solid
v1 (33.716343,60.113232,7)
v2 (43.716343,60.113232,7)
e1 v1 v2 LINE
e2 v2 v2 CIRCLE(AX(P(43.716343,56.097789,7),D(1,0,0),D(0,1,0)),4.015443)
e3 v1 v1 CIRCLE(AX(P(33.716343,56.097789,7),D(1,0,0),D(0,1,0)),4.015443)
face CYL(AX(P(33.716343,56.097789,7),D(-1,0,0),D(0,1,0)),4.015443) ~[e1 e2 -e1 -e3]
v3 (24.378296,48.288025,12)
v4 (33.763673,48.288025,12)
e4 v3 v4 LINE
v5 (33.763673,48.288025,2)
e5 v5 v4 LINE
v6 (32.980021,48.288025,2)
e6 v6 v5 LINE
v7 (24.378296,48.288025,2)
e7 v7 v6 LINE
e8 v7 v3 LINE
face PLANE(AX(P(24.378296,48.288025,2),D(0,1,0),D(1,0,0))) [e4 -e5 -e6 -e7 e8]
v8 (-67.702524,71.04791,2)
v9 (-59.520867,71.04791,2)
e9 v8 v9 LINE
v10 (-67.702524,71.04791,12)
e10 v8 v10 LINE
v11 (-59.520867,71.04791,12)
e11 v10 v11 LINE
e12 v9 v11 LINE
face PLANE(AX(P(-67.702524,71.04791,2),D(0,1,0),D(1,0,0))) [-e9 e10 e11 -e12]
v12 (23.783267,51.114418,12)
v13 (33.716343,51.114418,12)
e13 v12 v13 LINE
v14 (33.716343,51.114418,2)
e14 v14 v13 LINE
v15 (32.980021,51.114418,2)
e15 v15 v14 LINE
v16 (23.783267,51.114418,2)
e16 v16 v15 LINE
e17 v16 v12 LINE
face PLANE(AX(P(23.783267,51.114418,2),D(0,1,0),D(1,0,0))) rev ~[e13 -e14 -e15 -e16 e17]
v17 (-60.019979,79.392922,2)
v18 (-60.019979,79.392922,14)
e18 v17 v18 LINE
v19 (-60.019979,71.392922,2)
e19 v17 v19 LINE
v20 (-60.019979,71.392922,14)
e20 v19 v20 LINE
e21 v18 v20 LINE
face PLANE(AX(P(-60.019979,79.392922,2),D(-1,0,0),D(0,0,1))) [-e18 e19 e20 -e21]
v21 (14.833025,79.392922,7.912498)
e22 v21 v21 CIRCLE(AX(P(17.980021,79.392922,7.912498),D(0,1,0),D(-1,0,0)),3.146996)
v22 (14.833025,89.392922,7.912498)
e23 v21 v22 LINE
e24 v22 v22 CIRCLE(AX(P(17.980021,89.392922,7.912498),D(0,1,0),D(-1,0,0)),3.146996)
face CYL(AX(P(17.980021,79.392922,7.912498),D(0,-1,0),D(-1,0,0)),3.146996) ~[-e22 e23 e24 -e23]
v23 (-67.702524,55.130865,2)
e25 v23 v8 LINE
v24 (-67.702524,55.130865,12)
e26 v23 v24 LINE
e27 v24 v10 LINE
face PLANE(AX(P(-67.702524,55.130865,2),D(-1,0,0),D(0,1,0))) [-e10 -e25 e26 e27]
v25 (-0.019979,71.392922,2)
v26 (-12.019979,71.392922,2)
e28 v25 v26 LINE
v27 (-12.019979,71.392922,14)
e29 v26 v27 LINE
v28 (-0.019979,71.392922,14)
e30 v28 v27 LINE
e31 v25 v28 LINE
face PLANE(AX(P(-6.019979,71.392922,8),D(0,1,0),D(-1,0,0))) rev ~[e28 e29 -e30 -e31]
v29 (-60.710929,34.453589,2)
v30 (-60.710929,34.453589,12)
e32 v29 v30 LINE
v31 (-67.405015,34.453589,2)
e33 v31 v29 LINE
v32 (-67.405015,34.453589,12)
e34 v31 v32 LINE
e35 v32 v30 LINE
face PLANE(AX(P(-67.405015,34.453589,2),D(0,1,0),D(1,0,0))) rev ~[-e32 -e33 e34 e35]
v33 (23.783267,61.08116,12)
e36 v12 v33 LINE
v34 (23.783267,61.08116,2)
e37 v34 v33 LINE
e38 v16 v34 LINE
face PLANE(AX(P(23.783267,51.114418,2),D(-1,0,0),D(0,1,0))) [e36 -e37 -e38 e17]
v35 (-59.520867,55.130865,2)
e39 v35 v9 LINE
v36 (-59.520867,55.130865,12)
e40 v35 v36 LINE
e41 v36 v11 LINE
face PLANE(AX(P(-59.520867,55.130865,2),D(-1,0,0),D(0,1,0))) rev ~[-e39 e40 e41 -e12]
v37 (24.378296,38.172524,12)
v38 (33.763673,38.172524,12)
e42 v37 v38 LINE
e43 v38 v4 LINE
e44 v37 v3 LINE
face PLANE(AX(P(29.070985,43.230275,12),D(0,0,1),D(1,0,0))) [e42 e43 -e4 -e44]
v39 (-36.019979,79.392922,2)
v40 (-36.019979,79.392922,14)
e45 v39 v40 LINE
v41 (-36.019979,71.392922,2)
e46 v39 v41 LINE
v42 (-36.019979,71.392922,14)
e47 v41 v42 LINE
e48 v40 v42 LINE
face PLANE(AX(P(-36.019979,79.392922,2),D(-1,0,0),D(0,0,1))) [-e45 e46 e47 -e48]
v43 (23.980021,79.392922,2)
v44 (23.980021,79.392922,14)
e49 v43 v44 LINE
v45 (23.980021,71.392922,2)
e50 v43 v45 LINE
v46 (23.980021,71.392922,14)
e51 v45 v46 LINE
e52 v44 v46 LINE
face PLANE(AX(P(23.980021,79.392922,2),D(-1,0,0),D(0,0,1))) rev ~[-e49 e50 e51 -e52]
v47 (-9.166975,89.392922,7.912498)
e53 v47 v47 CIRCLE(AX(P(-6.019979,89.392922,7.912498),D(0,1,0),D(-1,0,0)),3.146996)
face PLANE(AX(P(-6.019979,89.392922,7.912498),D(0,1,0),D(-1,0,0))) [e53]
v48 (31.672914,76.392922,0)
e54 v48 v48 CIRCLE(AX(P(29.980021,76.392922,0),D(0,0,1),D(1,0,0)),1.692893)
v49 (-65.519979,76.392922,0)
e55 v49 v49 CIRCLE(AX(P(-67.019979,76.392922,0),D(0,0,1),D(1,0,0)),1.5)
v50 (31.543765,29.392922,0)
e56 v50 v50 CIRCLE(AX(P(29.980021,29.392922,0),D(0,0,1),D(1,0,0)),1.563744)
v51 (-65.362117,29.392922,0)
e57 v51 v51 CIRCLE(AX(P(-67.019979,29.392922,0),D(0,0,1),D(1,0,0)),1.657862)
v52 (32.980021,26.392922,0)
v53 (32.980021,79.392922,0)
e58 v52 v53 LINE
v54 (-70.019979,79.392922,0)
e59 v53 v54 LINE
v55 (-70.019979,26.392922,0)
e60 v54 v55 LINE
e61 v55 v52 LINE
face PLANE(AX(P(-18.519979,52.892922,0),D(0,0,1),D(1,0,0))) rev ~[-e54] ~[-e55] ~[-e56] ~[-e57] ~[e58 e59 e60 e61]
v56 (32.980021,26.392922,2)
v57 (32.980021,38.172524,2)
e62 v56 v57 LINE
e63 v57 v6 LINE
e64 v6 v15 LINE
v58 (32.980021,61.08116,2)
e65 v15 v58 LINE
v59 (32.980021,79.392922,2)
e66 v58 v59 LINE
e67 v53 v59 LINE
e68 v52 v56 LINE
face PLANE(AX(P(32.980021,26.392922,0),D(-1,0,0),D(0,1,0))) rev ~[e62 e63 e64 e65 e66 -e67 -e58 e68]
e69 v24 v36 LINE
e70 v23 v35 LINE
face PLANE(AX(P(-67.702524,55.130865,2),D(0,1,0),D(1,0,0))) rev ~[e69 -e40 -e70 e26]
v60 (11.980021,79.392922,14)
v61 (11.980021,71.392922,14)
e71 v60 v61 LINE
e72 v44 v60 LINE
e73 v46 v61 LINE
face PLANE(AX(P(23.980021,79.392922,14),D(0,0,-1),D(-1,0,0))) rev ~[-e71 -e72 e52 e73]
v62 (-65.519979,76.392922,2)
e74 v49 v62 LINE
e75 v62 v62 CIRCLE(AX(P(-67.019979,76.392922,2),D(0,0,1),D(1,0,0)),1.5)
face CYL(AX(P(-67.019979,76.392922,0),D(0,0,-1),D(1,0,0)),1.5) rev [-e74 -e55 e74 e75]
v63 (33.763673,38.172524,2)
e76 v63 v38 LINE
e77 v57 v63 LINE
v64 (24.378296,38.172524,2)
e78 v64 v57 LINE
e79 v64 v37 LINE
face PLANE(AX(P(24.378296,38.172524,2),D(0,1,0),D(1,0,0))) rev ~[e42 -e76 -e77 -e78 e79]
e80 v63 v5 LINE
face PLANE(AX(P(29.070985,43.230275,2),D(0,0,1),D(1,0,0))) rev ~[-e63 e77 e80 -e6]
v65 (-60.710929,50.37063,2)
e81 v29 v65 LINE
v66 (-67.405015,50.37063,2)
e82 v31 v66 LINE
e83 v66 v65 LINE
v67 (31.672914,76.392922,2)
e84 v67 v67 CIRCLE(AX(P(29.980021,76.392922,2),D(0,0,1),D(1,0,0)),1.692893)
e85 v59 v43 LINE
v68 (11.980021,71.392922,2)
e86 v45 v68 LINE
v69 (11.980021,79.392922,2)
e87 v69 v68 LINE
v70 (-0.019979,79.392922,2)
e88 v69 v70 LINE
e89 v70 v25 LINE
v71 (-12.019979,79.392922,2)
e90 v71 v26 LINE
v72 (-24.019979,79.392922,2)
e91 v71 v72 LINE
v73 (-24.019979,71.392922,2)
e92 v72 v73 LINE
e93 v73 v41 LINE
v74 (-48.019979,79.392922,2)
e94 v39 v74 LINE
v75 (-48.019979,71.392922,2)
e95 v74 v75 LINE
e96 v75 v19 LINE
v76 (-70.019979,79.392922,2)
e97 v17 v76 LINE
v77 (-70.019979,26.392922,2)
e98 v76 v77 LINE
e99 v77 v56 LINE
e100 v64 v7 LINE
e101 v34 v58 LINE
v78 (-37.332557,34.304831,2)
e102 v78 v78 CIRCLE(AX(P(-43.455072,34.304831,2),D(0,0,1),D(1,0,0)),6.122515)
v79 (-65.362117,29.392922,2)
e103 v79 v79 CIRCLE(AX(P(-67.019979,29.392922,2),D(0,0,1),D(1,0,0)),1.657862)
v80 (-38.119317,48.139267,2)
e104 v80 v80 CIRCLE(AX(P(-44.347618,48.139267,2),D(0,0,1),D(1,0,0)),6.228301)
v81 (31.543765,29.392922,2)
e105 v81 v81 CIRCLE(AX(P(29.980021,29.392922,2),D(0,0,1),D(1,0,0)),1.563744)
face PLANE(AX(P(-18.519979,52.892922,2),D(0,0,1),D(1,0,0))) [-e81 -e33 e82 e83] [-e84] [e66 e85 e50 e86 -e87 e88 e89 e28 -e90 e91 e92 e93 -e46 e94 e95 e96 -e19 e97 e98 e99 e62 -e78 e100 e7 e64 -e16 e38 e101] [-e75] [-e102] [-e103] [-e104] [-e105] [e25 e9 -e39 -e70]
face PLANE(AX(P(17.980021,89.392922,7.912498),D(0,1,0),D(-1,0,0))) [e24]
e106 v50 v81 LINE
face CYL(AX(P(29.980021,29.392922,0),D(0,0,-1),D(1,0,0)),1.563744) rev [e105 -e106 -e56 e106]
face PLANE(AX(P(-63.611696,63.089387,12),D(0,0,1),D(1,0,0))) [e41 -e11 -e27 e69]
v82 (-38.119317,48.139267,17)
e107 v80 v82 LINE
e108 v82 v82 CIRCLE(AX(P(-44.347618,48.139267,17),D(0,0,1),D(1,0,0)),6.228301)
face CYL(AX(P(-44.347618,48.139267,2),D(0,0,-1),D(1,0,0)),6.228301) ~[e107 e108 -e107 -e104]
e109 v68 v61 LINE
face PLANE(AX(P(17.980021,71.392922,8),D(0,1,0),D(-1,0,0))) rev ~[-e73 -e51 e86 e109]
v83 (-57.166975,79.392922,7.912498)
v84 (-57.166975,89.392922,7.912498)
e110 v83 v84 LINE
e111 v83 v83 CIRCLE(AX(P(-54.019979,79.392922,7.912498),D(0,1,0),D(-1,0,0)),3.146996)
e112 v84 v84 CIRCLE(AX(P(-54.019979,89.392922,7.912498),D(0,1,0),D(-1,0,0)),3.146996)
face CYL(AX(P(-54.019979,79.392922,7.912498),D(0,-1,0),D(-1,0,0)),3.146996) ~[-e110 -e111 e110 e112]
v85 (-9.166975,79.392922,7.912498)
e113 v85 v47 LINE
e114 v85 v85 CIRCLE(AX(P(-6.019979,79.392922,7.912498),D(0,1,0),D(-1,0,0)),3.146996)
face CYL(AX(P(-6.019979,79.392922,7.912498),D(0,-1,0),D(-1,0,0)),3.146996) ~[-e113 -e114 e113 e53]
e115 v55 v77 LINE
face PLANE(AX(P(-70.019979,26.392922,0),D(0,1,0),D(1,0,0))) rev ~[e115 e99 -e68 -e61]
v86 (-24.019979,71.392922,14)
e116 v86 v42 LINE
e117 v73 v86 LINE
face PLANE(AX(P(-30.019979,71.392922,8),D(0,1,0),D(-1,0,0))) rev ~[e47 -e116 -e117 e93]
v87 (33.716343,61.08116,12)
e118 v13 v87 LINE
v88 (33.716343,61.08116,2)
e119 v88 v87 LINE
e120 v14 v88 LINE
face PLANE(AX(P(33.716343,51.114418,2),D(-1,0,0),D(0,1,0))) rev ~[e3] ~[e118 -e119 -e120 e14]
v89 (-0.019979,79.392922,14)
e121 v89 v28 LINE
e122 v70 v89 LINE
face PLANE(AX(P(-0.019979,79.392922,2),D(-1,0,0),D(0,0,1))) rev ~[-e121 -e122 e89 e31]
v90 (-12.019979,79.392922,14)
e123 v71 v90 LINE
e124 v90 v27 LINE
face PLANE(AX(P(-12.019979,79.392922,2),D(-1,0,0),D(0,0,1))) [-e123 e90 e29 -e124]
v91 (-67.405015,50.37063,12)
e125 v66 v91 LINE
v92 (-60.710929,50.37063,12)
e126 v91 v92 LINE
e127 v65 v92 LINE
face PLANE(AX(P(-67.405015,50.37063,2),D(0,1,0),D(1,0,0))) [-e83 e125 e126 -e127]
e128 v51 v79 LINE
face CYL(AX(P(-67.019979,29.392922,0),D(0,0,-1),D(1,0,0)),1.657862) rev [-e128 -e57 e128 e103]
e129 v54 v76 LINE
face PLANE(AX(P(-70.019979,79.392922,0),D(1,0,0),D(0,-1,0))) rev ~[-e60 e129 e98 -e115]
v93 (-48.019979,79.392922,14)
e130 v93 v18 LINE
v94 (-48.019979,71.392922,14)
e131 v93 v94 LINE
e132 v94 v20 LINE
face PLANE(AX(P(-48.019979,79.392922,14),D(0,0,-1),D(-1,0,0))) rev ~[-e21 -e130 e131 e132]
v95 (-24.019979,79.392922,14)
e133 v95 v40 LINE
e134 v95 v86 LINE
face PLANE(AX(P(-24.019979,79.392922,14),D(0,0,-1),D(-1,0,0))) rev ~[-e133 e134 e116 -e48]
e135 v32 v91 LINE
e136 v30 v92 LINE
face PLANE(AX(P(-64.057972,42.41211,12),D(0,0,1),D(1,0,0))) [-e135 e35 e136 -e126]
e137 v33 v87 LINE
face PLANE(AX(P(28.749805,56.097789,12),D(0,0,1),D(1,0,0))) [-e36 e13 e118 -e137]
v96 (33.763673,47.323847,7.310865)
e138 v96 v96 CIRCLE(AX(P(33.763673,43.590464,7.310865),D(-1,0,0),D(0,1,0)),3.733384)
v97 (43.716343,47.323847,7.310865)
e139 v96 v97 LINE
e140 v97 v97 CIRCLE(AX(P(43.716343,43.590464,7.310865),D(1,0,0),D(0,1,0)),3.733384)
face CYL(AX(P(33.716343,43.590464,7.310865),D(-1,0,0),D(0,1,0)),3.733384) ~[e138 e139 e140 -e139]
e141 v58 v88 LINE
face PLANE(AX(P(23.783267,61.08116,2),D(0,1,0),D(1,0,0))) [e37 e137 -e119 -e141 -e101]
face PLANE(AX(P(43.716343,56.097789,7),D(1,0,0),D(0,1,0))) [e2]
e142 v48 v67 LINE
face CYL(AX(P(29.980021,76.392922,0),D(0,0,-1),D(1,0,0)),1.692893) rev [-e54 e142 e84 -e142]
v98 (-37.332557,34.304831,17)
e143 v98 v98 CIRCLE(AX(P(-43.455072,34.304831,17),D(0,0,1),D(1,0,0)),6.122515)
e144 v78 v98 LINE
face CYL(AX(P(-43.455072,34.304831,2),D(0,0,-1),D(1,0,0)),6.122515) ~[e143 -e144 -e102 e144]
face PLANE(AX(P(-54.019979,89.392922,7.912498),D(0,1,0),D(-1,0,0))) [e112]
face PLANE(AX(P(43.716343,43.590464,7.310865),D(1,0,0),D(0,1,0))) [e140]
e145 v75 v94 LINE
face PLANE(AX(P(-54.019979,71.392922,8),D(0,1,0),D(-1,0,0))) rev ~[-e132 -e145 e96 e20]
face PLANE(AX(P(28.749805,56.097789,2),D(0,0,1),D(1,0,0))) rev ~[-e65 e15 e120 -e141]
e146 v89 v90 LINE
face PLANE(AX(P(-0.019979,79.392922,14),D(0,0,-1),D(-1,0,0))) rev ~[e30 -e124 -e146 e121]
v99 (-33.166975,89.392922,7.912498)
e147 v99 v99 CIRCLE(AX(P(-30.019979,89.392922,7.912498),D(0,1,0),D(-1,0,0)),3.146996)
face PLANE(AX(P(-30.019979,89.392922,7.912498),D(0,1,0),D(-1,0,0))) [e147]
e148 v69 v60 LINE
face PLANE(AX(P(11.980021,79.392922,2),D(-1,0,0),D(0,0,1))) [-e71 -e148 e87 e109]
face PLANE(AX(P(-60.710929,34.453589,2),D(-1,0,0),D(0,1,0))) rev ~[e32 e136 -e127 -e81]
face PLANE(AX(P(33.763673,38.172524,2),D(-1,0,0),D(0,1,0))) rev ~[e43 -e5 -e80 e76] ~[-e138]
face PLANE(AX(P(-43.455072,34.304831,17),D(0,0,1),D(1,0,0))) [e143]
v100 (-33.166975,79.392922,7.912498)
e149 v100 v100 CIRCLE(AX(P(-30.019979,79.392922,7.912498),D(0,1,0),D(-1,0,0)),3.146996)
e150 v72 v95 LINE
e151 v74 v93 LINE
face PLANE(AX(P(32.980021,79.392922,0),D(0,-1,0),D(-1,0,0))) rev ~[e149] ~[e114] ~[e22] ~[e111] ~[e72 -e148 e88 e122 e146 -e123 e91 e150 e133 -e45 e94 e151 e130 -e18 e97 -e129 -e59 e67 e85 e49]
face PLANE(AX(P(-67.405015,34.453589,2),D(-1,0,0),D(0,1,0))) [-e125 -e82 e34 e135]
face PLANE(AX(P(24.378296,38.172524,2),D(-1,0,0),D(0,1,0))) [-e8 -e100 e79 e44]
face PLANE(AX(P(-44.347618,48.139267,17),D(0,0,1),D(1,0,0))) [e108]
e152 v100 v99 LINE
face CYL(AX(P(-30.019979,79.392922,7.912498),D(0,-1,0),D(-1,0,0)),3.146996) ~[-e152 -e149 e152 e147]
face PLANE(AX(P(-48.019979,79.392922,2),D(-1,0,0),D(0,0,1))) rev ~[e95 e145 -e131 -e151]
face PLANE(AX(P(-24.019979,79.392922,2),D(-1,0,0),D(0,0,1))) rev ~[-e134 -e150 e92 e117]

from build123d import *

# Parameters (mm, degrees)
F0_R      = 1.657861898
F0_R_2    = 1.5637435582
F0_R_3    = 1.5
F0_R_4    = 1.6928931088
F1_DEPTH  = 2
F2_W      = 12
F2_H      = 12
F3_DEPTH  = 8
F4_R      = 3.1469960725
F5_DEPTH  = 10
F6_W      = 8.1816576421
F6_H      = 15.9170441329
F6_W_2    = 6.694085896
F6_H_2    = 15.9170404077
F6_W_3    = 9.9330767989
F6_H_3    = 9.9667422473
F6_W_4    = 9.3853771687
F6_H_4    = 10.1155005395
F7_DEPTH  = 10
F8_R      = 6.2283008091
F8_R_2    = 6.1225151743
F9_DEPTH  = 15
F10_R     = 4.0154432522
F10_R_2   = 3.7333835988
F11_DEPTH = 10


with BuildPart() as f1:
    # F0 (on Top) → F1 (new body)
    with BuildSketch(Plane.XY):
        Polygon((-70.0199790299, 79.3929218054), (-70.0199790299, 26.3929218054), (32.9800209701, 26.3929218054), (32.9800209701, 79.3929218054), (17.9800209701, 79.3929218054), align=None)
        with Locations((-67.0199790299, 29.3929218054)):
            Circle(F0_R, mode=Mode.SUBTRACT)
        with Locations((29.9800209701, 29.3929218054)):
            Circle(F0_R_2, mode=Mode.SUBTRACT)
        with Locations((-67.0199790299, 76.3929218054)):
            Circle(F0_R_3, mode=Mode.SUBTRACT)
        with Locations((29.9800209701, 76.3929218054)):
            Circle(F0_R_4, mode=Mode.SUBTRACT)
    extrude(amount=F1_DEPTH)

    # F2 (on face) → F3 (join)
    with BuildSketch(Plane(origin=(0, 79.3929218054, 0), x_dir=(-1, 0, 0), z_dir=(0, 1, 0))):
        with Locations((54.0199790299, 8)):
            Rectangle(F2_W, F2_H)
        with Locations((30.0199790299, 8)):
            Rectangle(F2_W, F2_H)
        with Locations((6.0199790299, 8)):
            Rectangle(F2_W, F2_H)
        with Locations((-17.9800209701, 8)):
            Rectangle(F2_W, F2_H)
    extrude(amount=-F3_DEPTH)

    # F4 (on face) → F5 (join)
    with BuildSketch(Plane(origin=(0, 79.3929218054, 0), x_dir=(-1, 0, 0), z_dir=(0, 1, 0))):
        with Locations((-17.9800209701, 7.9124979675)):
            Circle(F4_R)
        with Locations((6.0199790299, 7.9124979675)):
            Circle(F4_R)
        with Locations((30.0199790299, 7.9124979675)):
            Circle(F4_R)
        with Locations((54.0199790299, 7.9124979675)):
            Circle(F4_R)
    extrude(amount=F5_DEPTH)

    # F6 (on face) → F7 (join)
    with BuildSketch(Plane.XY.offset(2)):
        with Locations((-63.6116955429, 63.0893874913)):
            Rectangle(F6_W, F6_H)
        with Locations((-64.0579722822, 42.412109673)):
            Rectangle(F6_W_2, F6_H_2)
        with Locations((28.7498049438, 56.0977887362)):
            Rectangle(F6_W_3, F6_H_3)
        with Locations((29.0709845722, 43.2302746922)):
            Rectangle(F6_W_4, F6_H_4)
    extrude(amount=F7_DEPTH)

    # F8 (on face) → F9 (join)
    with BuildSketch(Plane.XY.offset(2)):
        with Locations((-44.3476177752, 48.1392666698)):
            Circle(F8_R)
        with Locations((-43.4550717473, 34.304831177)):
            Circle(F8_R_2)
    extrude(amount=F9_DEPTH)

    # F10 (on face) → F11 (join)
    with BuildSketch(Plane.YZ.offset(33.7163433433)):
        with Locations((56.0977887362, 7)):
            Circle(F10_R)
        with Locations((43.5904636979, 7.3108654469)):
            Circle(F10_R_2)
    extrude(amount=F11_DEPTH)


solid = f1.part
